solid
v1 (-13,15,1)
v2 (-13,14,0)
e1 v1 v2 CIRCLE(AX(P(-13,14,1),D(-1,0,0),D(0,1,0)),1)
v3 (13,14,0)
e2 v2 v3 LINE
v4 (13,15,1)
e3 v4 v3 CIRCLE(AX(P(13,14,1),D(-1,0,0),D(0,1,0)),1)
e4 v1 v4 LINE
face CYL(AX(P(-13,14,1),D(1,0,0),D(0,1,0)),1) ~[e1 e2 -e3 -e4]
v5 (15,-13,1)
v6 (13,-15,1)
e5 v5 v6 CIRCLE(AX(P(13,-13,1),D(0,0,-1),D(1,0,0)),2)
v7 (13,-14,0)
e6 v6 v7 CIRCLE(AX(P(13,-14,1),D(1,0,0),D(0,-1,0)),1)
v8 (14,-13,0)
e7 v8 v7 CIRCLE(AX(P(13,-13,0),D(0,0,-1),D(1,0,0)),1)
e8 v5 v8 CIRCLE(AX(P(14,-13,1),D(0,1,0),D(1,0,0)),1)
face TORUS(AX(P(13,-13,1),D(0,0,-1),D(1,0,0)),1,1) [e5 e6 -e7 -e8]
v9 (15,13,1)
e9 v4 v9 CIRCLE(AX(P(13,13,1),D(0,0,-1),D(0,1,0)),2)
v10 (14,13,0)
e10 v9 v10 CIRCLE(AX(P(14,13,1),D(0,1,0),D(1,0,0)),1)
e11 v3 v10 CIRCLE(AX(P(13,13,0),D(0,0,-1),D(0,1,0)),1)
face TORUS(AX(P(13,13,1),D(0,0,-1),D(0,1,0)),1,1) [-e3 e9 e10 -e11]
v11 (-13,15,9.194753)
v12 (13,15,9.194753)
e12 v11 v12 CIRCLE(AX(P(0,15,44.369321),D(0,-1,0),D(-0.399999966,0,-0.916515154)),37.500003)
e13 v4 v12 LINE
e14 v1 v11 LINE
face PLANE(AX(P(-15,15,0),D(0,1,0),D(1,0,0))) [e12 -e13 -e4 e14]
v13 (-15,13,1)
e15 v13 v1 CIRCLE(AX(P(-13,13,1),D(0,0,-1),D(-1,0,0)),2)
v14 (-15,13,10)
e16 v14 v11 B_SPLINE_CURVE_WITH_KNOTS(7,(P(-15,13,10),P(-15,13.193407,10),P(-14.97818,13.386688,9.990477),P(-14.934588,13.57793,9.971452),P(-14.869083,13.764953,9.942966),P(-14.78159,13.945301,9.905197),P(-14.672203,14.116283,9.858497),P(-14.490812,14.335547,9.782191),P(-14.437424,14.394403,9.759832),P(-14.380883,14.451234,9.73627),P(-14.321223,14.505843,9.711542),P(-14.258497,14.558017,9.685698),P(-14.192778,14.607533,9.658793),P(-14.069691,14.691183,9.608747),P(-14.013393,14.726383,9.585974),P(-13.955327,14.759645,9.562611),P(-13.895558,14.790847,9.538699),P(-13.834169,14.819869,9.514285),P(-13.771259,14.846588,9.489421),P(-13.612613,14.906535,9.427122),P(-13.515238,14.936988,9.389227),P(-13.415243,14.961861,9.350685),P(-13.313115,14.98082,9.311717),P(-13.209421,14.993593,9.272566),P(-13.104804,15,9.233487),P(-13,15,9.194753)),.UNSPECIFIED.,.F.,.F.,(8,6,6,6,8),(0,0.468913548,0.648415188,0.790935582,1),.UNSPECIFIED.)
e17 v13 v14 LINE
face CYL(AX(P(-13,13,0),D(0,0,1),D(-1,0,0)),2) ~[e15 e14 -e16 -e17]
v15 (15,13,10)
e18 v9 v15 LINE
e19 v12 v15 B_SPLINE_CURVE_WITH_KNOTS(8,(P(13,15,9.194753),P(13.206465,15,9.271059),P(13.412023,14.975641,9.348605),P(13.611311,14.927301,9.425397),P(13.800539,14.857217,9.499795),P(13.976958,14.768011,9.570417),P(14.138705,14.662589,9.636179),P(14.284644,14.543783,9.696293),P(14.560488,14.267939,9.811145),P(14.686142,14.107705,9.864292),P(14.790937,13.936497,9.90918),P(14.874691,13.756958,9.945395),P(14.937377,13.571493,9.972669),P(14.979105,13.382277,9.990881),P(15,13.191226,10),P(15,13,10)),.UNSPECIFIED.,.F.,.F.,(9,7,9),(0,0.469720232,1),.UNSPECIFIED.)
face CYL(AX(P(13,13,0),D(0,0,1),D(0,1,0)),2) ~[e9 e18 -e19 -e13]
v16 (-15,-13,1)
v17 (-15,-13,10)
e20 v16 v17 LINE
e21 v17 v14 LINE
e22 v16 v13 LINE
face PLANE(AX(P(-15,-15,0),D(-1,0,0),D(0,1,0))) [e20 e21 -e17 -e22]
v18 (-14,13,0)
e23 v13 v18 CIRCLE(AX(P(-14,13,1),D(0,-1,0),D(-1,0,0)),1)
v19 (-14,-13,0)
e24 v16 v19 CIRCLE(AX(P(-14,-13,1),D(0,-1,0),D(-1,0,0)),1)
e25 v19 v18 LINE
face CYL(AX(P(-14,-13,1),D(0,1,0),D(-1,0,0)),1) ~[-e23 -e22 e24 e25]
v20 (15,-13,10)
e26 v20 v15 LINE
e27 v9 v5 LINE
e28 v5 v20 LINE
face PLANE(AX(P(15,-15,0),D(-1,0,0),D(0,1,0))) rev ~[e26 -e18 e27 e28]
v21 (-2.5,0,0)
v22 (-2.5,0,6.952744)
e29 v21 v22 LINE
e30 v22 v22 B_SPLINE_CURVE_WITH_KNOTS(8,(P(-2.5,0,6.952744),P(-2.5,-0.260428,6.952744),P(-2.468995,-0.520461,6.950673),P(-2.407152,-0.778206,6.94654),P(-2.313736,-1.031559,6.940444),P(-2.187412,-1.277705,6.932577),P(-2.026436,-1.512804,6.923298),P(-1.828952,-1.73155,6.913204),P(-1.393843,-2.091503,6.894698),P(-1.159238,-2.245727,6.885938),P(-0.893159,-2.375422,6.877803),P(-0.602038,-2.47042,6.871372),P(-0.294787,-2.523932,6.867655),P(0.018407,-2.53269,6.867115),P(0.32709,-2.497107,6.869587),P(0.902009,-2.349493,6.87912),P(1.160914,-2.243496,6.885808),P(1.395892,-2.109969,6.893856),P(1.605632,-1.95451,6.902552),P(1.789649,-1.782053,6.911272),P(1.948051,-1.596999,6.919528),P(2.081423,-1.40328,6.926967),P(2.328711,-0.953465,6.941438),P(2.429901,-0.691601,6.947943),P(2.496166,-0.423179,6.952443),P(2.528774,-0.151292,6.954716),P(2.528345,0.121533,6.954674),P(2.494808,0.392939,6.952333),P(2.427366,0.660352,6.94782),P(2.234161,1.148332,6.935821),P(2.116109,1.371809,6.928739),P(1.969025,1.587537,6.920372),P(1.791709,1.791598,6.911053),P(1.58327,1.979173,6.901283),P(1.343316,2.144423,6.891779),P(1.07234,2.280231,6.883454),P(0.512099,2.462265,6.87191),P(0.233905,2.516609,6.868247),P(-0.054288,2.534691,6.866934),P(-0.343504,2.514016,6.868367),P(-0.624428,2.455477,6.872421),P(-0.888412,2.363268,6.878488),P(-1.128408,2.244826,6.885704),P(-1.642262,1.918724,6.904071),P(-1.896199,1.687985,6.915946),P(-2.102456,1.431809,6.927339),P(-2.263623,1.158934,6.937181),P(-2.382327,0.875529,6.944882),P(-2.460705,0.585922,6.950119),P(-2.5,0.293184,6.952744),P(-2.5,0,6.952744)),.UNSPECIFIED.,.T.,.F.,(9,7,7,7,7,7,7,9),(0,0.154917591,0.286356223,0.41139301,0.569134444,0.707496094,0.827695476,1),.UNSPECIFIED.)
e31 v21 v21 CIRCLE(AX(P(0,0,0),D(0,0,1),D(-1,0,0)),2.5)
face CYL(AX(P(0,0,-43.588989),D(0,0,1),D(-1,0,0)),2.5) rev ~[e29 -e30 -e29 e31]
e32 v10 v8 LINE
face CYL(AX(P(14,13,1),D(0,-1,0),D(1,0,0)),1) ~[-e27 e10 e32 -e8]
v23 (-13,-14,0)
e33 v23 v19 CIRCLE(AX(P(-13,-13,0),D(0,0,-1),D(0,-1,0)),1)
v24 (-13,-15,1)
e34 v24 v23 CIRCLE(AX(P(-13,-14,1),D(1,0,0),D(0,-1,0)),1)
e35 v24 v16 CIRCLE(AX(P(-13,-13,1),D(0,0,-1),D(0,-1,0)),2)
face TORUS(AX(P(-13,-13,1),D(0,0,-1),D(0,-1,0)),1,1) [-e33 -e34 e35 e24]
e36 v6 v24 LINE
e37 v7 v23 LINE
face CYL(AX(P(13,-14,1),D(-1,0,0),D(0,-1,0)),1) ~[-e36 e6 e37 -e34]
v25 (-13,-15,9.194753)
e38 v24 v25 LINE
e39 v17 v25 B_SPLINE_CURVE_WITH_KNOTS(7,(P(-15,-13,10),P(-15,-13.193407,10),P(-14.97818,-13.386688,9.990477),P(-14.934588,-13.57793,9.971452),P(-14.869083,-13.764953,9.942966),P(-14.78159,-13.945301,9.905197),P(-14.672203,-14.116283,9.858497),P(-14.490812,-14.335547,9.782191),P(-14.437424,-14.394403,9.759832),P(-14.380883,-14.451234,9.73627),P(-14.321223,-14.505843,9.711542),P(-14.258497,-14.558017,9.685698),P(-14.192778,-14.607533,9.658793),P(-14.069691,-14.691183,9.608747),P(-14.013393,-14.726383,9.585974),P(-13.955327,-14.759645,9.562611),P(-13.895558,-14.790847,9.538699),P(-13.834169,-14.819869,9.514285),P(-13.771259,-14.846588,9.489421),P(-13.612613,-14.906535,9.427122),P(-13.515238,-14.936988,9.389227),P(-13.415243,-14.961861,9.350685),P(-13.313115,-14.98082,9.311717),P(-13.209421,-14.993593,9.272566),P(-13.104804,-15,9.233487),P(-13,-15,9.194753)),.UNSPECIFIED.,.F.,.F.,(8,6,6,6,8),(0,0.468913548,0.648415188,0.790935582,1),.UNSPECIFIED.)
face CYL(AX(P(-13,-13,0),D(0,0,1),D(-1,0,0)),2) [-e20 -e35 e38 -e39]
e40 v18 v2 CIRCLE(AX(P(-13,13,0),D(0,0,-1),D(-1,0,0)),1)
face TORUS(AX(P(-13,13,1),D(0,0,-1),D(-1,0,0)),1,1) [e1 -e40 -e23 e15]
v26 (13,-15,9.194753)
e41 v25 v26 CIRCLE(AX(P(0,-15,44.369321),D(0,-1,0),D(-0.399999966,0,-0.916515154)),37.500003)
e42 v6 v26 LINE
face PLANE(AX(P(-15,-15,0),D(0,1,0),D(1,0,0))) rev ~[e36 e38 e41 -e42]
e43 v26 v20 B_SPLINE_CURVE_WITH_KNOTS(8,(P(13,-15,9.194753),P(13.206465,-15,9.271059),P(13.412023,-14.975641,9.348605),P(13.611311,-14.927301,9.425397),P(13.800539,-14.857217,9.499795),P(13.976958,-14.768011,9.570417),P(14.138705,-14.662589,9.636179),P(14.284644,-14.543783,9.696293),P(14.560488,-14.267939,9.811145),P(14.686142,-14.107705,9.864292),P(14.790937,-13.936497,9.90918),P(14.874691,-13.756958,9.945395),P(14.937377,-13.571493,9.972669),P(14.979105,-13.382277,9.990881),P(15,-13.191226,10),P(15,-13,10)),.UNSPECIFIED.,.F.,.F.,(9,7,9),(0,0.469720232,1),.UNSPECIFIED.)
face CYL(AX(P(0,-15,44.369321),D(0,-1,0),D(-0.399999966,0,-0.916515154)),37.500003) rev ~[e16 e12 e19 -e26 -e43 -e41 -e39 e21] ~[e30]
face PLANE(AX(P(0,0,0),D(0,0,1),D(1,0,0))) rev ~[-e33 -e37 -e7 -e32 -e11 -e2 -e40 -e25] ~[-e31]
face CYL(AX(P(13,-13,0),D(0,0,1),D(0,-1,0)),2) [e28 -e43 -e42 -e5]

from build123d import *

# Parameters (mm, degrees)
F0_W     = 30
F0_H     = 30
F1_DEPTH = 10
F3_DEPTH = 50
F5_D     = 5
F6_R     = 2
F7_R     = 1


with BuildPart() as f1:
    # F0 (on Top) → F1 (new body)
    with BuildSketch(Plane.XY):
        Rectangle(F0_W, F0_H)
    extrude(amount=F1_DEPTH)

    # F2 (on face) → F3 (cut)
    with BuildSketch(Plane.XZ.offset(15)):
        with BuildLine():
            Line((15, 10), (-15, 10))
            ThreePointArc((-15, 10), (0, 6.869318), (15, 10))
        make_face()
    extrude(amount=-F3_DEPTH, mode=Mode.SUBTRACT)

    # F5 (through all)
    with Locations(Plane(origin=(0, 0, 0), x_dir=(1, 0, 0), z_dir=(0, 0, -1))):
        with Locations((0, 0)):
            Hole(F5_D / 2)

    # F6
    f6_edges = [f1.edges().sort_by_distance(p)[0] for p in [
        (-15, -15, 5),
        (15, -15, 5),
        (15, 15, 5),
        (-15, 15, 5),
    ]]
    fillet(f6_edges, radius=F6_R)

    # F7
    f7_edges = [f1.edges().sort_by_distance(p)[0] for p in [
        (-15, 0, 0),
    ]]
    fillet(f7_edges, radius=F7_R)


solid = f1.part
